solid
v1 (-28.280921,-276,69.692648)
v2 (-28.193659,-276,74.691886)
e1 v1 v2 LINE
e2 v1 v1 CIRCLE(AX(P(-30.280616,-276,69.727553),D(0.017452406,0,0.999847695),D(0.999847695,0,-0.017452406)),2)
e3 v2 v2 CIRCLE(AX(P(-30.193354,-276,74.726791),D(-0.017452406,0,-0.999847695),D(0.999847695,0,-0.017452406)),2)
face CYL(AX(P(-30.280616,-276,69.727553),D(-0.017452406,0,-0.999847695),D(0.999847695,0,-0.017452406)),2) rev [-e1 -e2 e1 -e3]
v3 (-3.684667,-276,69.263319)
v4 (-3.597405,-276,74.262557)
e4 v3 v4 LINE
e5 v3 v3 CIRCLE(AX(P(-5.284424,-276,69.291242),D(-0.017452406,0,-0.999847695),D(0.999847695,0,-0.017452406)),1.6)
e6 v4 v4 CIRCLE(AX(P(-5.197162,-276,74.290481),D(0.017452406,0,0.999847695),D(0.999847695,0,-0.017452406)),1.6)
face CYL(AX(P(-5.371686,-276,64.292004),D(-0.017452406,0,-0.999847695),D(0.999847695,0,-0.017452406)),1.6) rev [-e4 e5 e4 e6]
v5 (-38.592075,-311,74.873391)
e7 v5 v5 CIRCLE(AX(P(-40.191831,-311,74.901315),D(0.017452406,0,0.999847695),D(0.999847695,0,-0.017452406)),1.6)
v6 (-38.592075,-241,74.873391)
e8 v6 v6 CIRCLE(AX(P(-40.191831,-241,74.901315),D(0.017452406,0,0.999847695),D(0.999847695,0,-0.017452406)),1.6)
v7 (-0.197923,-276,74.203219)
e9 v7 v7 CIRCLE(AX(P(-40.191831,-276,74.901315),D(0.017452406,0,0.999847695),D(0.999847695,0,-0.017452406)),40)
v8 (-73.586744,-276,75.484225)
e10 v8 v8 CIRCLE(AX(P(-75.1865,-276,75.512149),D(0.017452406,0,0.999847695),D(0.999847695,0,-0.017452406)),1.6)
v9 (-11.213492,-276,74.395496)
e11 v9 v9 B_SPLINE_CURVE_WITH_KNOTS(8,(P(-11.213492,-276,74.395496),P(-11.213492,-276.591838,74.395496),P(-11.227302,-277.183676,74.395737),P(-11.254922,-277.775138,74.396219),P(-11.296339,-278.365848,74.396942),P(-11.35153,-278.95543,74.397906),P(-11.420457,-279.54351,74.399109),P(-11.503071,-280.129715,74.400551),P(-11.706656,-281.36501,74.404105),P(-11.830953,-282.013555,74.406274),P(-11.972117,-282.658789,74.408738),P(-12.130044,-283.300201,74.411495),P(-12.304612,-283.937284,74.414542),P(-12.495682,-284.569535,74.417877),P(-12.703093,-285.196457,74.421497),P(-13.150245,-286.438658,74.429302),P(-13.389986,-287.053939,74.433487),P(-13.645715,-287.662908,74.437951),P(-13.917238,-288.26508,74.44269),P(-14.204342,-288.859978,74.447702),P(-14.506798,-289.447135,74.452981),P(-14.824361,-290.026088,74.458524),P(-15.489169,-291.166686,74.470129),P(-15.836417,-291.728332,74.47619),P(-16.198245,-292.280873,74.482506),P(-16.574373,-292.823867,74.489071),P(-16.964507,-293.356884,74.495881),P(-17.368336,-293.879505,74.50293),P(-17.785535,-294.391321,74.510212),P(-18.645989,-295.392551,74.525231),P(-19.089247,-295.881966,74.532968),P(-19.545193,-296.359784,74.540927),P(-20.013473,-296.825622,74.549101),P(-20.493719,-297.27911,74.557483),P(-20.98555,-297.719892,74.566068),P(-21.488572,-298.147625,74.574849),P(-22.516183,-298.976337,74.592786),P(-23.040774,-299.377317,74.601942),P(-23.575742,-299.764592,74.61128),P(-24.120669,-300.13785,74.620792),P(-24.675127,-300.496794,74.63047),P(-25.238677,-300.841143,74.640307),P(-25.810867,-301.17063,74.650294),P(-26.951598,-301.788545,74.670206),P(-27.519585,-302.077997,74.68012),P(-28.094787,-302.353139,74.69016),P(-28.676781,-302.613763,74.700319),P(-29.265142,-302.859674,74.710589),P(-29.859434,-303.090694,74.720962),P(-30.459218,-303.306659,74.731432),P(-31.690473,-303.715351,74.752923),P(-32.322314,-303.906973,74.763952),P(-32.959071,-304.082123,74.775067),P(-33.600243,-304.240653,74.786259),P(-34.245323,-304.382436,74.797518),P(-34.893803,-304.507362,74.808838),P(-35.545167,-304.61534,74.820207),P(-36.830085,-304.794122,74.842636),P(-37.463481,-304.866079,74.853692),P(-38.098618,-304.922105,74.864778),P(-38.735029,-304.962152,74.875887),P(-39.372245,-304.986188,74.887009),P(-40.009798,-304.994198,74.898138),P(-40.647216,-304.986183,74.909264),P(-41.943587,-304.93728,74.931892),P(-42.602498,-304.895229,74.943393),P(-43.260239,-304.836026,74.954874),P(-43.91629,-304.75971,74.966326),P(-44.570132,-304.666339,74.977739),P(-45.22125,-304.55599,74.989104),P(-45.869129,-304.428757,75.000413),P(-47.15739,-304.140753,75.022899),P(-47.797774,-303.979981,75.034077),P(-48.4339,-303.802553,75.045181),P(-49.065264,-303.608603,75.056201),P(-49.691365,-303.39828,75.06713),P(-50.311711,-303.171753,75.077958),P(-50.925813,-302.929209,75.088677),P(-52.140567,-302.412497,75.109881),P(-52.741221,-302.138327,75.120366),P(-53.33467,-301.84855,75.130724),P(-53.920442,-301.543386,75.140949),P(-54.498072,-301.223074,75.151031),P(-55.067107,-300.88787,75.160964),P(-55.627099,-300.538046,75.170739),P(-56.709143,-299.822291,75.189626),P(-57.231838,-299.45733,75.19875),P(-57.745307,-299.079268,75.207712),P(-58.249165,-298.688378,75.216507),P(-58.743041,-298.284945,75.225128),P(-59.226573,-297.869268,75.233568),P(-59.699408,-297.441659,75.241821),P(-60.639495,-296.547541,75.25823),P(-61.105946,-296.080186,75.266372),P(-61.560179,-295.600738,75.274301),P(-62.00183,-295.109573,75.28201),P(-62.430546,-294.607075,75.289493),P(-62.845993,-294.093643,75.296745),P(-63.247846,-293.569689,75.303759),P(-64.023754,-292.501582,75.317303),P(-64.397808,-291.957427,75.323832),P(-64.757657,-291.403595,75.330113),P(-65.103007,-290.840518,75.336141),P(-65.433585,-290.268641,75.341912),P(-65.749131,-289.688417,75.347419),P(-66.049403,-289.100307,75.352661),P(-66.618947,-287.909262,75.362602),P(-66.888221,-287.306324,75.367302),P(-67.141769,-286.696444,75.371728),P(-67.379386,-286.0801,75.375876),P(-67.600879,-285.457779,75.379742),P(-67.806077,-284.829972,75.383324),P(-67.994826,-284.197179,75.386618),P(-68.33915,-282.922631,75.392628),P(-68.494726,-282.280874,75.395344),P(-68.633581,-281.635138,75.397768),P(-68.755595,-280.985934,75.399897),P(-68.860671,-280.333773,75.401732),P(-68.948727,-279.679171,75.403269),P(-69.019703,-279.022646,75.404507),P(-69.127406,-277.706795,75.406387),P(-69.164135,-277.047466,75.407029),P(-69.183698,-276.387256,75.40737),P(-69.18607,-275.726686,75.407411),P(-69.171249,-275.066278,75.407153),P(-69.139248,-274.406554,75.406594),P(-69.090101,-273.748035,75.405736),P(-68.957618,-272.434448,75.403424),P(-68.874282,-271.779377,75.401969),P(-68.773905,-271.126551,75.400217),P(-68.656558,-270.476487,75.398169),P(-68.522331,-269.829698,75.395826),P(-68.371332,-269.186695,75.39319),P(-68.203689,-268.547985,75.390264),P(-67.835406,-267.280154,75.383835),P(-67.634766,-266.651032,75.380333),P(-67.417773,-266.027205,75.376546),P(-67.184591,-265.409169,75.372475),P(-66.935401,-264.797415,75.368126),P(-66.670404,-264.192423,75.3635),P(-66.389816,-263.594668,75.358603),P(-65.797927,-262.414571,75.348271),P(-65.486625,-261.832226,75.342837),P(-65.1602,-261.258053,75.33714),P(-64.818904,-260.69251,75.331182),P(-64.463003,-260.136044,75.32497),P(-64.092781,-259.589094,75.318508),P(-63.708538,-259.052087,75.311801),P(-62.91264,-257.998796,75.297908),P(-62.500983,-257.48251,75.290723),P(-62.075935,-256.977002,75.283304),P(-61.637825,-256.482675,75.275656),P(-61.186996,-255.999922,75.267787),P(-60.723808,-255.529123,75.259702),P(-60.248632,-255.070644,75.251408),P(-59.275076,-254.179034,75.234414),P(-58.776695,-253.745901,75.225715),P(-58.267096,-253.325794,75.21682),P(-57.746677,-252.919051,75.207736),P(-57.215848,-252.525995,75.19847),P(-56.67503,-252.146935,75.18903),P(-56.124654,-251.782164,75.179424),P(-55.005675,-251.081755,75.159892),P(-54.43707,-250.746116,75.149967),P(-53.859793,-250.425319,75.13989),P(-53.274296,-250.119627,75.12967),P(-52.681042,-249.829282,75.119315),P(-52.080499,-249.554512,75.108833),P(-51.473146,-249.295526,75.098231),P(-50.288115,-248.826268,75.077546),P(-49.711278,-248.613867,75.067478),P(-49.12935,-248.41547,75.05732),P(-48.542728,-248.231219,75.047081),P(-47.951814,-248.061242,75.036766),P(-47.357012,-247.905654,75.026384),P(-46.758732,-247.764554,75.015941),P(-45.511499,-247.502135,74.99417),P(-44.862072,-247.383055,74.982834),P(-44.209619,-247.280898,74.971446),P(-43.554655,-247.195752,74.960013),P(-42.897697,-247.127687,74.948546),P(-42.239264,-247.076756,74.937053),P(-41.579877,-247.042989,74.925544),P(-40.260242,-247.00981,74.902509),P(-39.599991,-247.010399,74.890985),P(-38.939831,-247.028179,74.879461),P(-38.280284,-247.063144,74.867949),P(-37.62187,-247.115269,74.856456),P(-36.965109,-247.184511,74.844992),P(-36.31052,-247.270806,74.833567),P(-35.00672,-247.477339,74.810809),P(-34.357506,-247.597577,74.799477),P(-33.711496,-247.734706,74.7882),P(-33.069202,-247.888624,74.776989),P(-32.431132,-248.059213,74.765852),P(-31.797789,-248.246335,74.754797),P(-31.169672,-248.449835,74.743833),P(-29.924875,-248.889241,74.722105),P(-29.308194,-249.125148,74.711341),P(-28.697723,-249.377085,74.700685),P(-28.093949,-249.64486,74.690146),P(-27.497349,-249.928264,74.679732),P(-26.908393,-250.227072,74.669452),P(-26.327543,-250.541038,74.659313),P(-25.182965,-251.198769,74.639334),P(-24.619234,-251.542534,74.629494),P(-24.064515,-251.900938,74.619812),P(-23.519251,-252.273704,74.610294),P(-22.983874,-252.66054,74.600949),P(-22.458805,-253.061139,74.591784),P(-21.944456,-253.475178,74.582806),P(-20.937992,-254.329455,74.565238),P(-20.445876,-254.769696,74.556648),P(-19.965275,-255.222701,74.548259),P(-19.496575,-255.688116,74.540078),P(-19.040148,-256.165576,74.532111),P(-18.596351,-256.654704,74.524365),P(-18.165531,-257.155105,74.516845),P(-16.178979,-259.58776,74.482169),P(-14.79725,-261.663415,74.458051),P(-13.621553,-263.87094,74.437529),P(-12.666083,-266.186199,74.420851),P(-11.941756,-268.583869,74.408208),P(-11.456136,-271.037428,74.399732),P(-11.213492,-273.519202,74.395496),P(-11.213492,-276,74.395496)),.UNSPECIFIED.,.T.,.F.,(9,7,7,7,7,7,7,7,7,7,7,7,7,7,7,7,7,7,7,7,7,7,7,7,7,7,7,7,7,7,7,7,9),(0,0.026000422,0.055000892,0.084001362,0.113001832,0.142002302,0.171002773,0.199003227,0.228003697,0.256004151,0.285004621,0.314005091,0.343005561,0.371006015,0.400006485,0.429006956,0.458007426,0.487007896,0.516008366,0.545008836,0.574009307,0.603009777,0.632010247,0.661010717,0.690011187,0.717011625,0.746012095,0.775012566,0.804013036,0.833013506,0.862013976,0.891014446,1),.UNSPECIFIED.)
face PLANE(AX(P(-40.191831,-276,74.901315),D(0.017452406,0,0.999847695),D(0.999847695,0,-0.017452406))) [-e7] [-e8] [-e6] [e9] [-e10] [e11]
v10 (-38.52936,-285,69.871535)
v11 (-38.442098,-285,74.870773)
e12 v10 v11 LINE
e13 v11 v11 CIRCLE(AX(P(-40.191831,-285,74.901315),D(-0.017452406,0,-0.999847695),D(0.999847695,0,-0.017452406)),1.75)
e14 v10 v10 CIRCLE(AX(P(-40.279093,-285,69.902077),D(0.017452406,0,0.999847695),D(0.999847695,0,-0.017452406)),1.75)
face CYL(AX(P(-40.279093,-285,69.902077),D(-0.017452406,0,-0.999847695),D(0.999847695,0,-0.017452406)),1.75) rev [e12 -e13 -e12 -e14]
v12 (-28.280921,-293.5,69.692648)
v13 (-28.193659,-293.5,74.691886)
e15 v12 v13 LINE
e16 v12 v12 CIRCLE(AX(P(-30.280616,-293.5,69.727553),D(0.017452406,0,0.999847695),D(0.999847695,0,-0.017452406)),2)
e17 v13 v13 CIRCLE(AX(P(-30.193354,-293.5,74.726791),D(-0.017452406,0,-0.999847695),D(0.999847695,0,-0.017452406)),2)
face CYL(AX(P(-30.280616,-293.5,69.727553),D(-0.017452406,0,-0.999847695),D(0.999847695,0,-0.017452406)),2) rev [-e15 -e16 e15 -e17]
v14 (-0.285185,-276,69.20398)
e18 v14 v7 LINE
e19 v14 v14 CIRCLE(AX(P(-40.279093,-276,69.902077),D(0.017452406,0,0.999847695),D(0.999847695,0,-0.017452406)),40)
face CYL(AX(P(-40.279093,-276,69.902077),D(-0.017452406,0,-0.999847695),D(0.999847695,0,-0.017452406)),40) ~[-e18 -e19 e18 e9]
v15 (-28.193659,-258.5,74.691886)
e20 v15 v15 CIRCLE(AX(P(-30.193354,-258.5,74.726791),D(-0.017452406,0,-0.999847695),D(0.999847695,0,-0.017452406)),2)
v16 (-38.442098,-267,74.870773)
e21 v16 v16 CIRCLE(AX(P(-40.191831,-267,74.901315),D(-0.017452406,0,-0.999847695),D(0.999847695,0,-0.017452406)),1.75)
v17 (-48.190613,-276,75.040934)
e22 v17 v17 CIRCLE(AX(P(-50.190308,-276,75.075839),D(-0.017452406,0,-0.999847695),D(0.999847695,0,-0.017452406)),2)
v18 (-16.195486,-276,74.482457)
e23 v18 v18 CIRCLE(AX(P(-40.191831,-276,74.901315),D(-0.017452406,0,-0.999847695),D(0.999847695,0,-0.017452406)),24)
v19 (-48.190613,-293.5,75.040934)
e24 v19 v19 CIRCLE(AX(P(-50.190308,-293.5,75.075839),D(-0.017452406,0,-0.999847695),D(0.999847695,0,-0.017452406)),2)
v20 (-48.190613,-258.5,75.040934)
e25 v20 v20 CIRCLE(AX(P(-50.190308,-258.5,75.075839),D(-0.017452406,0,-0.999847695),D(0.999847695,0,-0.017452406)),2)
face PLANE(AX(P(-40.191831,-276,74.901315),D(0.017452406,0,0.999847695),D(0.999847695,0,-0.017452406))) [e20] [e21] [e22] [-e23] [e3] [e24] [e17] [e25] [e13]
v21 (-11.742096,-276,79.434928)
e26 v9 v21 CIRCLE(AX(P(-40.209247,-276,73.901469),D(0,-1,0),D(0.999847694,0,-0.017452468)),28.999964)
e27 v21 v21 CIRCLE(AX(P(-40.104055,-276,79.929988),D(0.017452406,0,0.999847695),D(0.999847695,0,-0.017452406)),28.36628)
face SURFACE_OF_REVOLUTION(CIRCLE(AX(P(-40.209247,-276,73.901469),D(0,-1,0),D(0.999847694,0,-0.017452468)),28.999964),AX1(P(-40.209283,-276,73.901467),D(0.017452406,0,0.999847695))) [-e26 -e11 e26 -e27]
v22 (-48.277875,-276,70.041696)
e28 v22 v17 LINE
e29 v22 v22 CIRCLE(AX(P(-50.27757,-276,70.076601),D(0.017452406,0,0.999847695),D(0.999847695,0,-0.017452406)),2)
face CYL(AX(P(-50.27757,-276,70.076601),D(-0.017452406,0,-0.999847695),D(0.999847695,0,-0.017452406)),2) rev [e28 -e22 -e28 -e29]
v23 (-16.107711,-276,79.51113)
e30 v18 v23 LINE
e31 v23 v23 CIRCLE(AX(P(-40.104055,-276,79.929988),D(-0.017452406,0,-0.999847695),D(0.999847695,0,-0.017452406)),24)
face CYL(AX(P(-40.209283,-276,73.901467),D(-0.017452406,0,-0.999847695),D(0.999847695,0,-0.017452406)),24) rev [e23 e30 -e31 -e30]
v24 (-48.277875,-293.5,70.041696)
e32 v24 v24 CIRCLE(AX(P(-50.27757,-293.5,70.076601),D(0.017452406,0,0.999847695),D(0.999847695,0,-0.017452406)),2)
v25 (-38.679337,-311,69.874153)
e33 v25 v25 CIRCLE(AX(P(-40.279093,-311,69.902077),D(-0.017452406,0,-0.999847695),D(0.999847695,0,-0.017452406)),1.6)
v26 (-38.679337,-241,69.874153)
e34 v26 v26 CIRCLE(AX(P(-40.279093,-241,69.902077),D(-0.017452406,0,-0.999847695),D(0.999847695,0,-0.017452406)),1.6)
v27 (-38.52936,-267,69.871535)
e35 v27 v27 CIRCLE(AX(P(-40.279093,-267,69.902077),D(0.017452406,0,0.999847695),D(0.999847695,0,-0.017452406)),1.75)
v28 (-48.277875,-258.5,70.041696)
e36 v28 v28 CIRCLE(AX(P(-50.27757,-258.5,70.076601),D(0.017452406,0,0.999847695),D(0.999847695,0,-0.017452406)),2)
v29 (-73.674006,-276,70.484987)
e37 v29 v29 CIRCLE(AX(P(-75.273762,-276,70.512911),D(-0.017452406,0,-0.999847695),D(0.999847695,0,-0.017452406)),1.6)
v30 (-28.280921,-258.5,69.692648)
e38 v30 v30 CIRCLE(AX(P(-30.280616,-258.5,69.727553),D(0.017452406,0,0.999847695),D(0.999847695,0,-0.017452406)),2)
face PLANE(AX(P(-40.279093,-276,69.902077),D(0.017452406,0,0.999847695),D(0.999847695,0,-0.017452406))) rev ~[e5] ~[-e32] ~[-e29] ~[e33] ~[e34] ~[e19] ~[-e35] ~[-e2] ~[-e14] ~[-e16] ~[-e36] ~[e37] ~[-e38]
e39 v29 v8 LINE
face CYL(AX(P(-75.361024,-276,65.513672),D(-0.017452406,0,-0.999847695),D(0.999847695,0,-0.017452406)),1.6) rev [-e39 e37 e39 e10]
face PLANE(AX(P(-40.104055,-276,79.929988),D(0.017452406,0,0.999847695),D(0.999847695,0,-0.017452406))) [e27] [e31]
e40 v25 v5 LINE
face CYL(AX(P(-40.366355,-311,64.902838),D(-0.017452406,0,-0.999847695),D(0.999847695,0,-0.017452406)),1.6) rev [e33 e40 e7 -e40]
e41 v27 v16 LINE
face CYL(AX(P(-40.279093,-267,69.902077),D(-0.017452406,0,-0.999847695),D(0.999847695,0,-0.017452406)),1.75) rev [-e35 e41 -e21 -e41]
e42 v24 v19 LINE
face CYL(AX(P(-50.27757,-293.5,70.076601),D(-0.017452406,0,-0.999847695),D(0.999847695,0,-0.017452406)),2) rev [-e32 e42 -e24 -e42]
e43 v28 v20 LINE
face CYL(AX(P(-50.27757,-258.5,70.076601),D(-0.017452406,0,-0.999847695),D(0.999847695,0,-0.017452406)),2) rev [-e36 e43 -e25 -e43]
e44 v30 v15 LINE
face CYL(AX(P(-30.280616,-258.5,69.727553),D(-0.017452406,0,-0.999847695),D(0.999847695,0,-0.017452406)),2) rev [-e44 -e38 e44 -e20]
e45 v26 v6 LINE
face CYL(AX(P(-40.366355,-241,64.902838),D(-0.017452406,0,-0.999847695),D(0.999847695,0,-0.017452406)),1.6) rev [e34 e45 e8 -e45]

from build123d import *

# Parameters (mm, degrees)
CYLINDER115_R          = 1.6
CYLINDER115_DEPTH      = 10
CYLINDER116_R          = 1.6
CYLINDER116_DEPTH      = 10
CYLINDER117_R          = 1.6
CYLINDER117_DEPTH      = 10
CYLINDER114_R          = 1.6
CYLINDER114_DEPTH      = 10
CYLINDER111_R          = 2
CYLINDER111_DEPTH      = 10
CYLINDER110_R          = 2
CYLINDER110_DEPTH      = 10
CYLINDER113_R          = 1.75
CYLINDER113_DEPTH      = 10
CYLINDER112_R          = 1.75
CYLINDER112_DEPTH      = 10
CYLINDER104_R          = 2
CYLINDER104_DEPTH      = 10
CYLINDER105_R          = 2
CYLINDER105_DEPTH      = 10
CYLINDER106_R          = 2
CYLINDER106_DEPTH      = 10
CYLINDER107_R          = 2
CYLINDER107_DEPTH      = 10
CYLINDER109_R          = 24
CYLINDER109_DEPTH      = 7
CYLINDER108_R          = 40
CYLINDER108_DEPTH      = 5
CUT014_PLACEMENT_ANGLE = 1


with BuildPart() as m2heatsetinsets013:
    # Cylinder115 → Cylinder115 (new body)
    with BuildSketch(Plane(origin=(40, 0, 65), x_dir=(1, 0, 0), z_dir=(0, 0, 1))):
        Circle(CYLINDER115_R)
    extrude(amount=CYLINDER115_DEPTH)


with BuildPart() as m2heatsetinsets014:
    # Cylinder116 → Cylinder116 (new body)
    with BuildSketch(Plane(origin=(5, 35, 65), x_dir=(1, 0, 0), z_dir=(0, 0, 1))):
        Circle(CYLINDER116_R)
    extrude(amount=CYLINDER116_DEPTH)


with BuildPart() as m2heatsetinsets015:
    # Cylinder117 → Cylinder117 (new body)
    with BuildSketch(Plane(origin=(5, -35, 65), x_dir=(1, 0, 0), z_dir=(0, 0, 1))):
        Circle(CYLINDER117_R)
    extrude(amount=CYLINDER117_DEPTH)


with BuildPart() as fusion037:
    # Cylinder114 → Cylinder114 (new body)
    with BuildSketch(Plane(origin=(-30, 0, 65), x_dir=(1, 0, 0), z_dir=(0, 0, 1))):
        Circle(CYLINDER114_R)
    extrude(amount=CYLINDER114_DEPTH)

    # Fusion037: union m2HeatSetInsets013, m2HeatSetInsets014, m2HeatSetInsets015
    add(m2heatsetinsets013.part)
    add(m2heatsetinsets014.part)
    add(m2heatsetinsets015.part)


with BuildPart() as wirecut007:
    # Cylinder111 → Cylinder111 (new body)
    with BuildSketch(Plane(origin=(15, 0, 70), x_dir=(1, 0, 0), z_dir=(0, 0, 1))):
        Circle(CYLINDER111_R)
    extrude(amount=CYLINDER111_DEPTH)


with BuildPart() as wirecuts003:
    # Cylinder110 → Cylinder110 (new body)
    with BuildSketch(Plane(origin=(-5, 0, 70), x_dir=(1, 0, 0), z_dir=(0, 0, 1))):
        Circle(CYLINDER110_R)
    extrude(amount=CYLINDER110_DEPTH)

    # Fusion033: union wireCUt007
    add(wirecut007.part)


with BuildPart() as m3cuts007:
    # Cylinder113 → Cylinder113 (new body)
    with BuildSketch(Plane(origin=(5, 9, 70), x_dir=(1, 0, 0), z_dir=(0, 0, 1))):
        Circle(CYLINDER113_R)
    extrude(amount=CYLINDER113_DEPTH)


with BuildPart() as m3cute003:
    # Cylinder112 → Cylinder112 (new body)
    with BuildSketch(Plane(origin=(5, -9, 70), x_dir=(1, 0, 0), z_dir=(0, 0, 1))):
        Circle(CYLINDER112_R)
    extrude(amount=CYLINDER112_DEPTH)

    # Fusion034: union m3Cuts007
    add(m3cuts007.part)


with BuildPart() as cylinder104:
    # Cylinder104 → Cylinder104 (new body)
    with BuildSketch(Plane(origin=(0, -21, 0), x_dir=(1, 0, 0), z_dir=(0, 0, 1))):
        Circle(CYLINDER104_R)
    extrude(amount=CYLINDER104_DEPTH)


with BuildPart() as m3heatsetcuts009:
    # Cylinder105 → Cylinder105 (new body)
    with BuildSketch(Plane(origin=(20, -21, 0), x_dir=(1, 0, 0), z_dir=(0, 0, 1))):
        Circle(CYLINDER105_R)
    extrude(amount=CYLINDER105_DEPTH)

    # Fusion030: union Cylinder104
    add(cylinder104.part)


with BuildPart() as m3heatsetcuts009_1:
    # Fusion030 placement: moved
    add(m3heatsetcuts009.part.moved(Location((-5, 38.5, 70))))


with BuildPart() as cylinder106:
    # Cylinder106 → Cylinder106 (new body)
    with BuildSketch(Plane(origin=(0, -21, 0), x_dir=(1, 0, 0), z_dir=(0, 0, 1))):
        Circle(CYLINDER106_R)
    extrude(amount=CYLINDER106_DEPTH)


with BuildPart() as basecuts003:
    # Cylinder107 → Cylinder107 (new body)
    with BuildSketch(Plane(origin=(20, -21, 0), x_dir=(1, 0, 0), z_dir=(0, 0, 1))):
        Circle(CYLINDER107_R)
    extrude(amount=CYLINDER107_DEPTH)

    # Fusion031: union Cylinder106
    add(cylinder106.part)


with BuildPart() as basecuts003_1:
    # Fusion031 placement: moved
    add(basecuts003.part.moved(Location((-5, 3.5, 70))))

    # Fusion032: union m3HeatSetCuts009
    add(m3heatsetcuts009_1.part)

    # Fusion035: union wireCuts003, m3Cute003
    add(wirecuts003.part)
    add(m3cute003.part)


with BuildPart() as basecut003:
    # Cylinder109 → Cylinder109 (new body)
    with BuildSketch(Plane(origin=(5, 0, 74), x_dir=(1, 0, 0), z_dir=(0, 0, 1))):
        Circle(CYLINDER109_R)
    extrude(amount=CYLINDER109_DEPTH)


with BuildPart() as cut012:
    # Sphere004 → Sphere004 (revolve)
    with BuildSketch(Plane(origin=(5, 0, 74), x_dir=(1, 0, 0), z_dir=(0, -1, 0))):
        with BuildLine():
            ThreePointArc((29, 0), (28.841135, 3.031325), (28.36628, 6.029439))
            Line((28.36628, 6.029439), (0, 6.029439))
            Line((0, 6.029439), (0, 0))
            Line((0, 0), (29, 0))
        make_face()
    revolve(axis=Axis((5, 0, 74), (0, 0, 1)))

    # Cut012: cut baseCut003
    add(basecut003.part, mode=Mode.SUBTRACT)


with BuildPart() as lightmodule003:
    # Cylinder108 → Cylinder108 (new body)
    with BuildSketch(Plane(origin=(5, 0, 70), x_dir=(1, 0, 0), z_dir=(0, 0, 1))):
        Circle(CYLINDER108_R)
    extrude(amount=CYLINDER108_DEPTH)

    # Fusion036: union Cut012
    add(cut012.part)

    # Cut013: cut baseCUts003
    add(basecuts003_1.part, mode=Mode.SUBTRACT)

    # Cut014: cut Fusion037
    add(fusion037.part, mode=Mode.SUBTRACT)


with BuildPart() as lightmodule003_1:
    # Cut014 placement: moved
    add(lightmodule003.part.moved(Location((-46.5, -276, 0))).rotate(Axis((-46.5, -276, 0), (0, 1, 0)), CUT014_PLACEMENT_ANGLE))


solid = lightmodule003_1.part
